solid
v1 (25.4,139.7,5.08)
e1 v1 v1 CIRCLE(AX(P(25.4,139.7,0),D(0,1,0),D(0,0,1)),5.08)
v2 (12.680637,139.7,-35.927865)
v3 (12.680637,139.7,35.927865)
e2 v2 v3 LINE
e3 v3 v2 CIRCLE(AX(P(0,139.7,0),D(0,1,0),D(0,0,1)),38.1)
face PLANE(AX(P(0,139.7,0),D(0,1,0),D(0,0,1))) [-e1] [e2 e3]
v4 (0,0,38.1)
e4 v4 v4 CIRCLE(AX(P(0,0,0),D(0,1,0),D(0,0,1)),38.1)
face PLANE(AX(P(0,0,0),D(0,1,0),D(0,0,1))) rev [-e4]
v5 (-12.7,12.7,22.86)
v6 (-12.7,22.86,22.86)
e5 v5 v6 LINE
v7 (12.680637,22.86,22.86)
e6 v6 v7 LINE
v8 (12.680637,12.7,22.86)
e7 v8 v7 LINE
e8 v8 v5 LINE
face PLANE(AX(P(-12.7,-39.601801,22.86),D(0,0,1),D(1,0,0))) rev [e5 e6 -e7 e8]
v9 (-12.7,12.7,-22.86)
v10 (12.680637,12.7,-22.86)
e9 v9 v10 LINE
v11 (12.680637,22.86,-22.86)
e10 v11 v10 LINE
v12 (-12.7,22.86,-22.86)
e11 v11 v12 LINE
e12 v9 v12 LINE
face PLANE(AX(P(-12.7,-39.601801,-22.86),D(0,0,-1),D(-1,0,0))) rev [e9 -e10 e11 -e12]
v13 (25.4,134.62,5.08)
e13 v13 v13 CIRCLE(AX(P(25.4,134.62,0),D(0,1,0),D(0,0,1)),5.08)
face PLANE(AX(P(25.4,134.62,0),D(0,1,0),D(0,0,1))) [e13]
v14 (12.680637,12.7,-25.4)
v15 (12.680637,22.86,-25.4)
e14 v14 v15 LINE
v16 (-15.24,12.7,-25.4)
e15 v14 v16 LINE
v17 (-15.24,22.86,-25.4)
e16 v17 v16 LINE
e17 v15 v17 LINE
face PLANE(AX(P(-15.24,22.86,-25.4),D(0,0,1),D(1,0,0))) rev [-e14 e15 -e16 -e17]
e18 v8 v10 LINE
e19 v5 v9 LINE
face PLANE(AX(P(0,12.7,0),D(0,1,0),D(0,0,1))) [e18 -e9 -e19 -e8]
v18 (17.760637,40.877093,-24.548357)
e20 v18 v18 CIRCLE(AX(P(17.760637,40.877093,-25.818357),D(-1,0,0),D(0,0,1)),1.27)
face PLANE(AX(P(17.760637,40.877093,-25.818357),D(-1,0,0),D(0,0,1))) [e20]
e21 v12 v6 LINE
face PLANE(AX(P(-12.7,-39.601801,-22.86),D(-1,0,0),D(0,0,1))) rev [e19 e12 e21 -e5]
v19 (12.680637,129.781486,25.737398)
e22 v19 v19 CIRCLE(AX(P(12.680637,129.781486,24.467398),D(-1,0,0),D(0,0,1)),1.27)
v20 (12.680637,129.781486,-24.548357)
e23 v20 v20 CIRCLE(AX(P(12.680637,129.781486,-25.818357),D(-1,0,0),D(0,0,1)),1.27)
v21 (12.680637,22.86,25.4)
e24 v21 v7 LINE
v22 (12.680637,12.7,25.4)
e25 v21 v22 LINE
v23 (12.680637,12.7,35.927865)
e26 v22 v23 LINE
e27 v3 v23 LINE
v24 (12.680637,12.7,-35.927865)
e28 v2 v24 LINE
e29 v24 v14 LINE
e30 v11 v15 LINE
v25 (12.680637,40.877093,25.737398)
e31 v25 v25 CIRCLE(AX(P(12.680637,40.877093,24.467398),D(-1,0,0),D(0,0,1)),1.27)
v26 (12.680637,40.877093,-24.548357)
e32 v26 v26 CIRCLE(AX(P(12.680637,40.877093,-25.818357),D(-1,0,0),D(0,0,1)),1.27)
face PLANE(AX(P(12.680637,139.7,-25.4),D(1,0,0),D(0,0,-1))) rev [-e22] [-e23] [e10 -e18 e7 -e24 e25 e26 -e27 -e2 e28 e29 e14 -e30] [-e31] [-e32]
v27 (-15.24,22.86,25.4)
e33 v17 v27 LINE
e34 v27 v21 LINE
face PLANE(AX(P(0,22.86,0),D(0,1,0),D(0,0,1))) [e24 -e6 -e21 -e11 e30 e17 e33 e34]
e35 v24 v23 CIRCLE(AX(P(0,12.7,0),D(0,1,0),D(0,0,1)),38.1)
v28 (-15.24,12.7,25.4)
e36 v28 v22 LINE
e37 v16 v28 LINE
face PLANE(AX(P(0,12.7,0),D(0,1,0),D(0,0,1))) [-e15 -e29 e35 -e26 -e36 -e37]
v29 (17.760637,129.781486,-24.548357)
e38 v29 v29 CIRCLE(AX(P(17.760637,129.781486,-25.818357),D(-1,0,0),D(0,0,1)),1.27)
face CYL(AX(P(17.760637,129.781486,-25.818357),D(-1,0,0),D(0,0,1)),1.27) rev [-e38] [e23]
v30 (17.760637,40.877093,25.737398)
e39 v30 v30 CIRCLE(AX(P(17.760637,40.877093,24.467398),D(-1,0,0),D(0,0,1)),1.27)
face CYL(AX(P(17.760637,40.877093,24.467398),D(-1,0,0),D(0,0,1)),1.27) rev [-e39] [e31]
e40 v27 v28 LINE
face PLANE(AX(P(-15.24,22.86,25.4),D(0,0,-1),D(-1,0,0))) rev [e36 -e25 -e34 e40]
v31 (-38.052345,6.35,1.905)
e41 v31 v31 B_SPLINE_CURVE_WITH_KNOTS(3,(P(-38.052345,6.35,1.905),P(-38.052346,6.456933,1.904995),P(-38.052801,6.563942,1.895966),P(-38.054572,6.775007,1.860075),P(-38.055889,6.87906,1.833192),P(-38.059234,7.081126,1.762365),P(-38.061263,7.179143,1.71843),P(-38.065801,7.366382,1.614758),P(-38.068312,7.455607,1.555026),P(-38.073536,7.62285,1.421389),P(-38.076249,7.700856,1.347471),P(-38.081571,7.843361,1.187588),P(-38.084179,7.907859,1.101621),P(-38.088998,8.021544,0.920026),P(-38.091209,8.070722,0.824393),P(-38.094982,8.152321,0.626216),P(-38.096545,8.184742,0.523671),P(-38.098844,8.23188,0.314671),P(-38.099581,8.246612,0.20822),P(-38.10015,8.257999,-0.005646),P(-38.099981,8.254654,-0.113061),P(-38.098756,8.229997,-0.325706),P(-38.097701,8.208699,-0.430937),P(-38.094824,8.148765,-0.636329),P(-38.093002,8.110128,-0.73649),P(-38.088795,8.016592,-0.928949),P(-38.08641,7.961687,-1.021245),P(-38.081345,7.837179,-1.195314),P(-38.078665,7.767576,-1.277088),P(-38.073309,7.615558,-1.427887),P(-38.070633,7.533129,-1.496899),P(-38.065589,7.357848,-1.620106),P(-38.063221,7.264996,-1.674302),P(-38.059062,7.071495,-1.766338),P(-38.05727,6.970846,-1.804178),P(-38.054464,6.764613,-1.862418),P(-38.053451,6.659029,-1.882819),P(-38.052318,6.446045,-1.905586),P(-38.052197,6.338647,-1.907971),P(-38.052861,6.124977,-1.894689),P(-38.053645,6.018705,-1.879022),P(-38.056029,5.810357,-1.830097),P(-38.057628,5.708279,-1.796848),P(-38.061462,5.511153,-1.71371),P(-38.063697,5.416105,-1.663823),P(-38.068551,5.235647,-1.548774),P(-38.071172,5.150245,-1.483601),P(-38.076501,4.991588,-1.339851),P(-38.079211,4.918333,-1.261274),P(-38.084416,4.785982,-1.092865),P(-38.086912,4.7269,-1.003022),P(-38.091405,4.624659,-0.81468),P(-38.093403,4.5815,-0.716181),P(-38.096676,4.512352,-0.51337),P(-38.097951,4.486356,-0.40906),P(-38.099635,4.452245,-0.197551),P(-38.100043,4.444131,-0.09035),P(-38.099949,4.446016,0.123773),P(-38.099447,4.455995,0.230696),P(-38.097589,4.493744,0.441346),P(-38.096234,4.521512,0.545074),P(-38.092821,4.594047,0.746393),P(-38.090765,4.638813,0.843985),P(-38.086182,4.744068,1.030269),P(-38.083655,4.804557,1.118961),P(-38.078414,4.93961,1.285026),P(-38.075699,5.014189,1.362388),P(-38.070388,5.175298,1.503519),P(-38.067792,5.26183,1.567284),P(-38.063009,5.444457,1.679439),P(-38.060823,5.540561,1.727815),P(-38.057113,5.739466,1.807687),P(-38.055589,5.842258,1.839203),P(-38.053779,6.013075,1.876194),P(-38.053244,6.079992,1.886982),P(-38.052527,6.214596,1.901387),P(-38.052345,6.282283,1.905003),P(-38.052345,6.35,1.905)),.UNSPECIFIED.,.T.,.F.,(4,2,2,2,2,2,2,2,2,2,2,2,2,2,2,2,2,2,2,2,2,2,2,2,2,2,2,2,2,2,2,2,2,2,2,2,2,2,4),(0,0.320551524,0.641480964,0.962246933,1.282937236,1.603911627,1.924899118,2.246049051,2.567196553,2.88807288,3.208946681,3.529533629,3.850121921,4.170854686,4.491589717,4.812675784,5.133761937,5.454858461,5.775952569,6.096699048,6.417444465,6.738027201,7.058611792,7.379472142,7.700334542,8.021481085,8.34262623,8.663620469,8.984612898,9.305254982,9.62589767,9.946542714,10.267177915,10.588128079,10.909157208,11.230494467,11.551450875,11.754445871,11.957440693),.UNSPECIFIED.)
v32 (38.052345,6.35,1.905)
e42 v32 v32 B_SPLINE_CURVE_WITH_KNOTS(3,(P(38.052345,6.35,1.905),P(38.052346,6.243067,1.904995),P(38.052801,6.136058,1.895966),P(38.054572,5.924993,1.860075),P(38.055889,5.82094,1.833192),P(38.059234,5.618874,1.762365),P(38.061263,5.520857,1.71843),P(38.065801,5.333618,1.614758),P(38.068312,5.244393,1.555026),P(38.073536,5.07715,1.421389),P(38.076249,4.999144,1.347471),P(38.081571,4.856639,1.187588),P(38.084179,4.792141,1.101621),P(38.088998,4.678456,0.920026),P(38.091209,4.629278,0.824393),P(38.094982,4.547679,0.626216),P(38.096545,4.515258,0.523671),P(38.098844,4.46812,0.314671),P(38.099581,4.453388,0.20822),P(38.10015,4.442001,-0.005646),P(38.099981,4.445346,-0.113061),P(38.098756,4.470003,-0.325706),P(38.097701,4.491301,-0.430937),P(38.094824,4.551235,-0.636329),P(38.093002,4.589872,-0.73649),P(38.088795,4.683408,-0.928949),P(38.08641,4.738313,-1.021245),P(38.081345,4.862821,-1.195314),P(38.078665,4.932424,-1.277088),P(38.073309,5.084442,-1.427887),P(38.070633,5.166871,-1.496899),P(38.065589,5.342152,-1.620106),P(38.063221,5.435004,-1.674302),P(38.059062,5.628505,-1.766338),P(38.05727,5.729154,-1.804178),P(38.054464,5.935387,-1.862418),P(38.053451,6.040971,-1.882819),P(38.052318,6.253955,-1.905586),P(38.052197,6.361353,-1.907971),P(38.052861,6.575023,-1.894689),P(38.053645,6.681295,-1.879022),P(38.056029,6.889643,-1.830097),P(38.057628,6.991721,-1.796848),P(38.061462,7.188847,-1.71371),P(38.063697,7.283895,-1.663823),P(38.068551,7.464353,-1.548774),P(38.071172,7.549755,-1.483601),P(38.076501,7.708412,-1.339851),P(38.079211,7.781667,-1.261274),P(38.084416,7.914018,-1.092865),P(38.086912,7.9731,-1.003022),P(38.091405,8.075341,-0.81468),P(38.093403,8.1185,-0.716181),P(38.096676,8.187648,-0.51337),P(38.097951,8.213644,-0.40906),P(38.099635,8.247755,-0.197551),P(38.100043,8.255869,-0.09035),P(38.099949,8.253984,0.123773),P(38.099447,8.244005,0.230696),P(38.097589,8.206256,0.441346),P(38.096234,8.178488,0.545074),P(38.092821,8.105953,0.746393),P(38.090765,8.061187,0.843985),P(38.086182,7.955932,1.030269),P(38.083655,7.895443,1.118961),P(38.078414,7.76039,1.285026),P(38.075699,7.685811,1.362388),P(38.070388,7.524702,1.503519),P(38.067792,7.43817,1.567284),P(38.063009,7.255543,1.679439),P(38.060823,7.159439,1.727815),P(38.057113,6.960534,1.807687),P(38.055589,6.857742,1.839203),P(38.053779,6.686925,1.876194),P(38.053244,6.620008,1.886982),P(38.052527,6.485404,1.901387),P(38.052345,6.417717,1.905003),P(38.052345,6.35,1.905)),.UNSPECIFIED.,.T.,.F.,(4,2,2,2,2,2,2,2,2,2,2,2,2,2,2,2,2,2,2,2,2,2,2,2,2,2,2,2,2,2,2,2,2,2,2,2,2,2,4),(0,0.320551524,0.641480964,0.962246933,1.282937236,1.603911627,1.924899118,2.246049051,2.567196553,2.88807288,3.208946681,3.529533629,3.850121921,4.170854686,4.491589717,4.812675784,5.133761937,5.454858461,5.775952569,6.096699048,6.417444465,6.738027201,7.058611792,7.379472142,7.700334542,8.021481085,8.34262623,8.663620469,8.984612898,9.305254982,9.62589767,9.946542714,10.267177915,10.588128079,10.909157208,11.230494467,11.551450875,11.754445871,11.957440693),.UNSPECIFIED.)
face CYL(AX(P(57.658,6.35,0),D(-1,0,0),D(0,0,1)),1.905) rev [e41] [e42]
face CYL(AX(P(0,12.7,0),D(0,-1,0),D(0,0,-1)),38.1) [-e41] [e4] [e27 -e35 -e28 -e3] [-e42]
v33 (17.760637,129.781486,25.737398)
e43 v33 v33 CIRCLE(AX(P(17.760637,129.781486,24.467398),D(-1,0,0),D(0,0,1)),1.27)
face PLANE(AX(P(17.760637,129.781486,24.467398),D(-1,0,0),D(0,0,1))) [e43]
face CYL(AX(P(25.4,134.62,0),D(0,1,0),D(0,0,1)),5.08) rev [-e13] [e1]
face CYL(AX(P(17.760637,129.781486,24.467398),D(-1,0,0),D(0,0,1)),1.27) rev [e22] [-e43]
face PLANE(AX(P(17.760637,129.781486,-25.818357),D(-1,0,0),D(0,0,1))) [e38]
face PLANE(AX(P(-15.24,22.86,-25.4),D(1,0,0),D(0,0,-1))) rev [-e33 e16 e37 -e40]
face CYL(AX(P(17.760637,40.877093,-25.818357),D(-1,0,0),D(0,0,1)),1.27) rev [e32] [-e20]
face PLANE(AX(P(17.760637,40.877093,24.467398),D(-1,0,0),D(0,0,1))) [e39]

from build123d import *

# Parameters (mm, degrees)
SKETCH1_R               = 38.1
BOSS_EXTRUDE1_DEPTH     = 12.7
SKETCH2_W               = 30.48
SKETCH2_H               = 50.8
BOSS_EXTRUDE2_DEPTH     = 10.16
SKETCH3_W               = 25.4
SKETCH3_H               = 45.72
CUT_EXTRUDE1_DEPTH      = 10.16
BOSS_EXTRUDE3_DEPTH     = 127
SKETCH5_R               = 1.27
CUT_EXTRUDE2_DEPTH      = 5.08
SKETCH6_R               = 5.08
CUT_EXTRUDE3_DEPTH      = 5.08
SKETCH7_R               = 1.905
CUT_EXTRUDE4_DEPTH      = 57.658
CUT_EXTRUDE4_DEPTH_BACK = 54.61


with BuildPart() as part:
    # Sketch1 → Boss-Extrude1 (new body)
    with BuildSketch(Plane(origin=(0, 0, 0), x_dir=(1, 0, 0), z_dir=(0, 1, 0))):
        with Locations(Location((0, 0, 0), (0, 0, 270))):
            Circle(SKETCH1_R)
    extrude(amount=BOSS_EXTRUDE1_DEPTH)

    # Sketch2 → Boss-Extrude2 (add)
    with BuildSketch(Plane(origin=(0, 12.7, 0), x_dir=(1, 0, 0), z_dir=(0, 1, 0))):
        Rectangle(SKETCH2_W, SKETCH2_H)
    extrude(amount=BOSS_EXTRUDE2_DEPTH)

    # Sketch3 → Cut-Extrude1 (cut)
    with BuildSketch(Plane(origin=(0, 22.86, 0), x_dir=(1, 0, 0), z_dir=(0, 1, 0))):
        Rectangle(SKETCH3_W, SKETCH3_H)
    extrude(amount=-CUT_EXTRUDE1_DEPTH, mode=Mode.SUBTRACT)

    # Sketch4 → Boss-Extrude3 (add)
    with BuildSketch(Plane(origin=(0, 12.7, 0), x_dir=(1, 0, 0), z_dir=(0, 1, 0))):
        with BuildLine():
            Line((12.680636812, 25.4), (12.680636812, 35.927864535))
            ThreePointArc((12.680636812, 35.927864535), (38.1, 0), (12.680636812, -35.927864535))
            Line((12.680636812, -35.927864535), (12.680636812, 25.4))
        make_face()
    extrude(amount=BOSS_EXTRUDE3_DEPTH)

    # Sketch5 → Cut-Extrude2 (cut)
    with BuildSketch(Plane.ZY.offset(-12.680636812)):
        with Locations((-25.818357005, 129.781486407)):
            Circle(SKETCH5_R)
        with Locations((24.467398365, 129.781486407)):
            Circle(SKETCH5_R)
        with Locations((-25.818357005, 40.877093478)):
            Circle(SKETCH5_R)
        with Locations((24.467398365, 40.877093478)):
            Circle(SKETCH5_R)
    extrude(amount=-CUT_EXTRUDE2_DEPTH, mode=Mode.SUBTRACT)

    # Sketch6 → Cut-Extrude3 (cut)
    with BuildSketch(Plane(origin=(0, 139.7, 0), x_dir=(1, 0, 0), z_dir=(0, 1, 0))):
        with Locations(Location((25.4, 0, 0), (0, 0, 270))):
            Circle(SKETCH6_R)
    extrude(amount=-CUT_EXTRUDE3_DEPTH, mode=Mode.SUBTRACT)

    # Sketch7 → Cut-Extrude4 (cut, two sides)
    with BuildSketch(Plane(origin=(0, 0, 0), x_dir=(0, 0, -1), z_dir=(1, 0, 0))) as cut_extrude4_sk:
        with Locations(Location((0, 6.35, 0), (0, 0, 180))):
            Circle(SKETCH7_R)
    extrude(amount=CUT_EXTRUDE4_DEPTH, mode=Mode.SUBTRACT)
    extrude(cut_extrude4_sk.sketch, amount=-CUT_EXTRUDE4_DEPTH_BACK, mode=Mode.SUBTRACT)


solid = part.part
